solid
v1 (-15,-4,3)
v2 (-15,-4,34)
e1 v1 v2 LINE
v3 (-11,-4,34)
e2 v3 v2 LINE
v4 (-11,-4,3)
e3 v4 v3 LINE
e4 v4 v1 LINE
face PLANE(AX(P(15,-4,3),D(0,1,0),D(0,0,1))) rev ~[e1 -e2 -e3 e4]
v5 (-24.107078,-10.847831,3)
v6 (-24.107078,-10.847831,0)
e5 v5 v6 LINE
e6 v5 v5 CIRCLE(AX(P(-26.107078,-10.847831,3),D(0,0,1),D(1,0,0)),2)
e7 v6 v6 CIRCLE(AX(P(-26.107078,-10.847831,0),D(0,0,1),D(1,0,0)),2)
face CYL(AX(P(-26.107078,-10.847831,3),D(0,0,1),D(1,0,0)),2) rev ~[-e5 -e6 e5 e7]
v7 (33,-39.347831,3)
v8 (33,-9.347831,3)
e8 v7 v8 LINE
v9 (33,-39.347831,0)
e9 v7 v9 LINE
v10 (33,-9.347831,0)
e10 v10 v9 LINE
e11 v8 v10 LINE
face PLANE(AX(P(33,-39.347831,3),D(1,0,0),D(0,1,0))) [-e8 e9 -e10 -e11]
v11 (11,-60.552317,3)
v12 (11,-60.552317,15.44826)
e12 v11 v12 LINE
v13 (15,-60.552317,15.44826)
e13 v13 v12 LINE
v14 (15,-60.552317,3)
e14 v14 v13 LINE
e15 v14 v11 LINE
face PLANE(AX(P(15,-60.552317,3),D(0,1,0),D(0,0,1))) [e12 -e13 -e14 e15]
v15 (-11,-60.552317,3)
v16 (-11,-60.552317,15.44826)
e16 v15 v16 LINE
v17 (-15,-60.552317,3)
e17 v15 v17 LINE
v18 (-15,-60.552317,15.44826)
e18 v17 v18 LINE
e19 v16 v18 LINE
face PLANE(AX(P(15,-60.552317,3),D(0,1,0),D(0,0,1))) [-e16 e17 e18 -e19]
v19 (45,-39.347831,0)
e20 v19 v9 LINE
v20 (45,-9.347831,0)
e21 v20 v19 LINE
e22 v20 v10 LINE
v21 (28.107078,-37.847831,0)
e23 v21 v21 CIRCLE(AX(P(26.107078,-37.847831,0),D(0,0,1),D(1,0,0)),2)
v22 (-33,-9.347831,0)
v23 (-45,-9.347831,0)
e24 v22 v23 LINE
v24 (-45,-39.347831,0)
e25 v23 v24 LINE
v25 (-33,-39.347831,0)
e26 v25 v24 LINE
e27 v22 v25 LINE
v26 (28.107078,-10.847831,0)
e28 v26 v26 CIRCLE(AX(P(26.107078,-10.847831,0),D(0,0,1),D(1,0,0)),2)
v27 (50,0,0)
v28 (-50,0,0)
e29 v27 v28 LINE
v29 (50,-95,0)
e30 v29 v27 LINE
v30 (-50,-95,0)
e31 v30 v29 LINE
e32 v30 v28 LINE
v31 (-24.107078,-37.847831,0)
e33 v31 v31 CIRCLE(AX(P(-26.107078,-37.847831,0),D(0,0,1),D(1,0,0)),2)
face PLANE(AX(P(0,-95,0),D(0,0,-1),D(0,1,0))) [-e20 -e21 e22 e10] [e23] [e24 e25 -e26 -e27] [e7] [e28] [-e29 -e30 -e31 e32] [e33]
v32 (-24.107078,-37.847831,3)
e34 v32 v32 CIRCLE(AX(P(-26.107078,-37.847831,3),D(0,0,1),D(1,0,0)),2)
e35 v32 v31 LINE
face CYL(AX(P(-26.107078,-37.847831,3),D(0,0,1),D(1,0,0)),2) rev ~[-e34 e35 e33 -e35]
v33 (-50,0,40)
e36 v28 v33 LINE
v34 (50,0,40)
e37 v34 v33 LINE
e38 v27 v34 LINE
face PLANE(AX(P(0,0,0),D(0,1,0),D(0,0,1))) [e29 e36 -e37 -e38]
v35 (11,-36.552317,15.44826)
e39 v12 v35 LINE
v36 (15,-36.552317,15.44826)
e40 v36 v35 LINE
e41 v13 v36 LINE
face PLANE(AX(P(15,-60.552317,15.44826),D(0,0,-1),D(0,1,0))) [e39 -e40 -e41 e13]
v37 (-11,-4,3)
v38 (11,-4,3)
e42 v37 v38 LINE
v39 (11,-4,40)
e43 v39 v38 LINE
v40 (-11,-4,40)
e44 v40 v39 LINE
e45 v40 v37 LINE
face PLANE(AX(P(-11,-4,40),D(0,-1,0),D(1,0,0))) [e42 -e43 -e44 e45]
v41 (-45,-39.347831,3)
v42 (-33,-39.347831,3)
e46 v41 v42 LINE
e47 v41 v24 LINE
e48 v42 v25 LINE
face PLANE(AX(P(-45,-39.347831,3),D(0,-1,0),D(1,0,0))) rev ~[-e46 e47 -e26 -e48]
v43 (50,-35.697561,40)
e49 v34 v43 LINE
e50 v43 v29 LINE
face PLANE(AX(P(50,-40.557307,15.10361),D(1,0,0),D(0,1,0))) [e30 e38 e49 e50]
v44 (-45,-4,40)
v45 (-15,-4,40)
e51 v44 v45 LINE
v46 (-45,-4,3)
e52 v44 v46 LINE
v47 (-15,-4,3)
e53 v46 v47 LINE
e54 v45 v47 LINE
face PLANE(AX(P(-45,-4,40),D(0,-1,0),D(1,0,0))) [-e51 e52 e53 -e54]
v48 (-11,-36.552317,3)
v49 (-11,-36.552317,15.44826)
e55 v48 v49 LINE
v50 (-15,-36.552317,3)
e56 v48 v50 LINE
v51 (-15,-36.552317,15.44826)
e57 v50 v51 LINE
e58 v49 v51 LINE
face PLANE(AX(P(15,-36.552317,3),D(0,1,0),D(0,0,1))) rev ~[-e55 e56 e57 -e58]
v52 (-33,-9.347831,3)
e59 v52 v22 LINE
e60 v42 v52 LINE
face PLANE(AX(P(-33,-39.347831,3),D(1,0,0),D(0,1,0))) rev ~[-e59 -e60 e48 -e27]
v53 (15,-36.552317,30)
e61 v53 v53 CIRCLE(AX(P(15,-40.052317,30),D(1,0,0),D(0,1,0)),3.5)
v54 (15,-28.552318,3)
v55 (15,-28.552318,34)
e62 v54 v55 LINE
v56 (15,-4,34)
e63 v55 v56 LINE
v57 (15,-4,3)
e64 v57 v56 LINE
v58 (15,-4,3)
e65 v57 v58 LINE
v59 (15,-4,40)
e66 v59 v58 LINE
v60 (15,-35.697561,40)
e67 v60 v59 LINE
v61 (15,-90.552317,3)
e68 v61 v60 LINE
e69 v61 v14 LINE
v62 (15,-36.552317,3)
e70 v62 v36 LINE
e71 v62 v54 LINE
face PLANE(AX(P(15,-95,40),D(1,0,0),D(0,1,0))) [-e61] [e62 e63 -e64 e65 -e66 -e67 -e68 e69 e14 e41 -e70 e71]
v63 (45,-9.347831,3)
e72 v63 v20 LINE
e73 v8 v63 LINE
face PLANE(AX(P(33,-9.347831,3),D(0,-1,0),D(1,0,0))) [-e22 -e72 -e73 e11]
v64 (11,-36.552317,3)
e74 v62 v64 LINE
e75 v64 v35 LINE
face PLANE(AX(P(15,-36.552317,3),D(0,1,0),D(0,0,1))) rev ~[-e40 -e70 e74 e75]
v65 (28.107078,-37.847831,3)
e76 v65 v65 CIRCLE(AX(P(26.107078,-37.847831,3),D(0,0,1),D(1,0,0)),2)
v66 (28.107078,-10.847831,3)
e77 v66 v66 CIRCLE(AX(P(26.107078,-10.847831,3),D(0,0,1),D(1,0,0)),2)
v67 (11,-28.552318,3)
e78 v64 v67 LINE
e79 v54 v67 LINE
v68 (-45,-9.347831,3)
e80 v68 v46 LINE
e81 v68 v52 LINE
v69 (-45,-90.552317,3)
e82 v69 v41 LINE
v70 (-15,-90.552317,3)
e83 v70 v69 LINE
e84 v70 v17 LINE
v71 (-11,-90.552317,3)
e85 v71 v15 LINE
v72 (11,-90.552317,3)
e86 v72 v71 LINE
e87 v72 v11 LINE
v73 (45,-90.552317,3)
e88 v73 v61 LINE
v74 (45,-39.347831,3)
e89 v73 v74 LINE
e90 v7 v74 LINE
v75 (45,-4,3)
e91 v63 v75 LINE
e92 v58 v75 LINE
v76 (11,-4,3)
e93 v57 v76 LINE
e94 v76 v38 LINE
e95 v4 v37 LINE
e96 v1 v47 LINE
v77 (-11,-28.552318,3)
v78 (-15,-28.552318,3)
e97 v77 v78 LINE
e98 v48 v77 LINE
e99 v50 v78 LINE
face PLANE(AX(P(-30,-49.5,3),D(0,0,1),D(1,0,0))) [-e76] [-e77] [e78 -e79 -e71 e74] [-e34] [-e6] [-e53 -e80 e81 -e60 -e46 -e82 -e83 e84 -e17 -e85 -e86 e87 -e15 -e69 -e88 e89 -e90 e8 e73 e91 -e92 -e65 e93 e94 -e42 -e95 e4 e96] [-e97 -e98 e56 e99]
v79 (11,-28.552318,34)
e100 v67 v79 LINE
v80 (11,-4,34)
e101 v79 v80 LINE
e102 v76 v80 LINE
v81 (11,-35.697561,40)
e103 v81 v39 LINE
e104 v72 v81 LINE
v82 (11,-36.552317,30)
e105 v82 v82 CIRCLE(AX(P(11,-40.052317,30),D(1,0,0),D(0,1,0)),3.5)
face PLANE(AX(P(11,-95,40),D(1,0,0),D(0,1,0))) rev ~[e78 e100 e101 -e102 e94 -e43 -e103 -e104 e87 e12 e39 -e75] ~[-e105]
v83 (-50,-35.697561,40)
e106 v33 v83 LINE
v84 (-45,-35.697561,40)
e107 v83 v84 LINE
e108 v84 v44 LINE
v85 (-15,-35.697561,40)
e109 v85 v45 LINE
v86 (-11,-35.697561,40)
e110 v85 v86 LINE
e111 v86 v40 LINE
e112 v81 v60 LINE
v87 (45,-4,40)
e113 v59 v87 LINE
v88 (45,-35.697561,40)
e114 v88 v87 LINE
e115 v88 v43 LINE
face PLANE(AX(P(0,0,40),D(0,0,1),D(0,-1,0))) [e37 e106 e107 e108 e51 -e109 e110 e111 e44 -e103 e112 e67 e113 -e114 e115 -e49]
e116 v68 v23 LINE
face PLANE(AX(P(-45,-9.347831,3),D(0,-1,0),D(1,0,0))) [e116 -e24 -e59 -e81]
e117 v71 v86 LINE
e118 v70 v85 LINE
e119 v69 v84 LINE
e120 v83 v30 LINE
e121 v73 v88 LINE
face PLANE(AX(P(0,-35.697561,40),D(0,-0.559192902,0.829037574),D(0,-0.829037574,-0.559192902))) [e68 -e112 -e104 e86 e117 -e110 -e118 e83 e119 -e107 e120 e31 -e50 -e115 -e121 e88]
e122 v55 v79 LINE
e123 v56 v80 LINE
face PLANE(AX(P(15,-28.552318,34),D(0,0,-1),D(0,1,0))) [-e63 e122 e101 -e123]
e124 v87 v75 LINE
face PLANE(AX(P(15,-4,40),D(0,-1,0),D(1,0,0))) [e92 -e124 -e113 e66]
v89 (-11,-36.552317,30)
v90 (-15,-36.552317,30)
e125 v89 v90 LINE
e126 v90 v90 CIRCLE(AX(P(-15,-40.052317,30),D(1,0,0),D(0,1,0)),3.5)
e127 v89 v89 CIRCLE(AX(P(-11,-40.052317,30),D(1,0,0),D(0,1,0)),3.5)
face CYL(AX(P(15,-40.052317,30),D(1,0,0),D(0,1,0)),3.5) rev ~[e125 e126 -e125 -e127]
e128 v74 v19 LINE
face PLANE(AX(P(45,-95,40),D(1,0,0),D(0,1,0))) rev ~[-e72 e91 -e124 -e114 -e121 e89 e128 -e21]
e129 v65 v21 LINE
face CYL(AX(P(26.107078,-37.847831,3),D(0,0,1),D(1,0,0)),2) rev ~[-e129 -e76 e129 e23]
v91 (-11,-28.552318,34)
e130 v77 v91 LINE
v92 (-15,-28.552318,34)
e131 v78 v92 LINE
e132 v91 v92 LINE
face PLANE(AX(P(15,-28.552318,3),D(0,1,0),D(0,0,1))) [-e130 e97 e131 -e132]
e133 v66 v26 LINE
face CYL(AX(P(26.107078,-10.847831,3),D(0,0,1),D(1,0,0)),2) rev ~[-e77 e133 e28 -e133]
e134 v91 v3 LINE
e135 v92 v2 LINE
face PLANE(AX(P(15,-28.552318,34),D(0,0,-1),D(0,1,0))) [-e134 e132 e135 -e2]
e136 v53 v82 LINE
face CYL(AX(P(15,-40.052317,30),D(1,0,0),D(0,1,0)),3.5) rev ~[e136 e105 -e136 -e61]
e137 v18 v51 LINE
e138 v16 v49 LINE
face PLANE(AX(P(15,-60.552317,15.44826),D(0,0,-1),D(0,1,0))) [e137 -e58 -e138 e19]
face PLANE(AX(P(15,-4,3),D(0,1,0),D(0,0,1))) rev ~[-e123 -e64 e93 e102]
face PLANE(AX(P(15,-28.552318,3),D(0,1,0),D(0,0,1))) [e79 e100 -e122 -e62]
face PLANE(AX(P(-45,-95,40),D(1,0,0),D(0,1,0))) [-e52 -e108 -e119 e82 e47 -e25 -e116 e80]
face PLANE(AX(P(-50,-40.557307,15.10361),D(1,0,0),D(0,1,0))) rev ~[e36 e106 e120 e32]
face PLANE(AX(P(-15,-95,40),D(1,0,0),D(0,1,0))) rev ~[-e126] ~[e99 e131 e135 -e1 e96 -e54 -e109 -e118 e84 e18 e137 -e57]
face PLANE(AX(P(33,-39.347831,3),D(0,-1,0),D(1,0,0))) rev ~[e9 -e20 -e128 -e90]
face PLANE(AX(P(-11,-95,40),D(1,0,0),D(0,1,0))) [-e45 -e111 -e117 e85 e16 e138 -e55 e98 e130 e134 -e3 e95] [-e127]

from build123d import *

# Parameters (mm, degrees)
F1_DEPTH = 50
F2_W     = 30
F2_H     = 91
F2_W_2   = 22
F3_DEPTH = 37
F4_W     = 24
F4_H     = 12.44826
F4_R     = 3.5
F4_W_2   = 24.552317
F4_H_2   = 31
F5_DEPTH = 30
F6_W     = 12
F6_H     = 30
F6_R     = 2
F7_DEPTH = 3.001


with BuildPart() as f1:
    # F0 (on Right) → F1 (new body, symmetric)
    with BuildSketch(Plane.YZ):
        Polygon((0, 40), (-35.697561, 40), (-95, 0), (0, 0), align=None)
    extrude(amount=F1_DEPTH, both=True)

    # F2 (on face) → F3 (cut)
    with BuildSketch(Plane.XY.offset(40)):
        with Locations((-30, -49.5)):
            Rectangle(F2_W, F2_H)
        with Locations((30, -49.5)):
            Rectangle(F2_W, F2_H)
        with Locations((0, -49.5)):
            Rectangle(F2_W_2, F2_H)
    extrude(amount=-F3_DEPTH, mode=Mode.SUBTRACT)

    # F4 (on face) → F5 (cut, through all)
    with BuildSketch(Plane.YZ.offset(15)):
        with Locations((-48.552317, 9.22413)):
            Rectangle(F4_W, F4_H)
        with Locations((-40.052317, 30)):
            Circle(F4_R)
        with Locations((-16.276159, 18.5)):
            Rectangle(F4_W_2, F4_H_2)
    extrude(amount=-F5_DEPTH, mode=Mode.SUBTRACT)

    # F6 (on face) → F7 (cut, through all)
    with BuildSketch(Plane.XY.offset(3)):
        with Locations((-39, -24.347831)):
            Rectangle(F6_W, F6_H)
        with Locations((39, -24.347831)):
            Rectangle(F6_W, F6_H)
        with Locations((-26.107078, -10.847831)):
            Circle(F6_R)
        with Locations((-26.107078, -37.847831)):
            Circle(F6_R)
        with Locations((26.107078, -10.847831)):
            Circle(F6_R)
        with Locations((26.107078, -37.847831)):
            Circle(F6_R)
    extrude(amount=-F7_DEPTH, mode=Mode.SUBTRACT)


solid = f1.part
